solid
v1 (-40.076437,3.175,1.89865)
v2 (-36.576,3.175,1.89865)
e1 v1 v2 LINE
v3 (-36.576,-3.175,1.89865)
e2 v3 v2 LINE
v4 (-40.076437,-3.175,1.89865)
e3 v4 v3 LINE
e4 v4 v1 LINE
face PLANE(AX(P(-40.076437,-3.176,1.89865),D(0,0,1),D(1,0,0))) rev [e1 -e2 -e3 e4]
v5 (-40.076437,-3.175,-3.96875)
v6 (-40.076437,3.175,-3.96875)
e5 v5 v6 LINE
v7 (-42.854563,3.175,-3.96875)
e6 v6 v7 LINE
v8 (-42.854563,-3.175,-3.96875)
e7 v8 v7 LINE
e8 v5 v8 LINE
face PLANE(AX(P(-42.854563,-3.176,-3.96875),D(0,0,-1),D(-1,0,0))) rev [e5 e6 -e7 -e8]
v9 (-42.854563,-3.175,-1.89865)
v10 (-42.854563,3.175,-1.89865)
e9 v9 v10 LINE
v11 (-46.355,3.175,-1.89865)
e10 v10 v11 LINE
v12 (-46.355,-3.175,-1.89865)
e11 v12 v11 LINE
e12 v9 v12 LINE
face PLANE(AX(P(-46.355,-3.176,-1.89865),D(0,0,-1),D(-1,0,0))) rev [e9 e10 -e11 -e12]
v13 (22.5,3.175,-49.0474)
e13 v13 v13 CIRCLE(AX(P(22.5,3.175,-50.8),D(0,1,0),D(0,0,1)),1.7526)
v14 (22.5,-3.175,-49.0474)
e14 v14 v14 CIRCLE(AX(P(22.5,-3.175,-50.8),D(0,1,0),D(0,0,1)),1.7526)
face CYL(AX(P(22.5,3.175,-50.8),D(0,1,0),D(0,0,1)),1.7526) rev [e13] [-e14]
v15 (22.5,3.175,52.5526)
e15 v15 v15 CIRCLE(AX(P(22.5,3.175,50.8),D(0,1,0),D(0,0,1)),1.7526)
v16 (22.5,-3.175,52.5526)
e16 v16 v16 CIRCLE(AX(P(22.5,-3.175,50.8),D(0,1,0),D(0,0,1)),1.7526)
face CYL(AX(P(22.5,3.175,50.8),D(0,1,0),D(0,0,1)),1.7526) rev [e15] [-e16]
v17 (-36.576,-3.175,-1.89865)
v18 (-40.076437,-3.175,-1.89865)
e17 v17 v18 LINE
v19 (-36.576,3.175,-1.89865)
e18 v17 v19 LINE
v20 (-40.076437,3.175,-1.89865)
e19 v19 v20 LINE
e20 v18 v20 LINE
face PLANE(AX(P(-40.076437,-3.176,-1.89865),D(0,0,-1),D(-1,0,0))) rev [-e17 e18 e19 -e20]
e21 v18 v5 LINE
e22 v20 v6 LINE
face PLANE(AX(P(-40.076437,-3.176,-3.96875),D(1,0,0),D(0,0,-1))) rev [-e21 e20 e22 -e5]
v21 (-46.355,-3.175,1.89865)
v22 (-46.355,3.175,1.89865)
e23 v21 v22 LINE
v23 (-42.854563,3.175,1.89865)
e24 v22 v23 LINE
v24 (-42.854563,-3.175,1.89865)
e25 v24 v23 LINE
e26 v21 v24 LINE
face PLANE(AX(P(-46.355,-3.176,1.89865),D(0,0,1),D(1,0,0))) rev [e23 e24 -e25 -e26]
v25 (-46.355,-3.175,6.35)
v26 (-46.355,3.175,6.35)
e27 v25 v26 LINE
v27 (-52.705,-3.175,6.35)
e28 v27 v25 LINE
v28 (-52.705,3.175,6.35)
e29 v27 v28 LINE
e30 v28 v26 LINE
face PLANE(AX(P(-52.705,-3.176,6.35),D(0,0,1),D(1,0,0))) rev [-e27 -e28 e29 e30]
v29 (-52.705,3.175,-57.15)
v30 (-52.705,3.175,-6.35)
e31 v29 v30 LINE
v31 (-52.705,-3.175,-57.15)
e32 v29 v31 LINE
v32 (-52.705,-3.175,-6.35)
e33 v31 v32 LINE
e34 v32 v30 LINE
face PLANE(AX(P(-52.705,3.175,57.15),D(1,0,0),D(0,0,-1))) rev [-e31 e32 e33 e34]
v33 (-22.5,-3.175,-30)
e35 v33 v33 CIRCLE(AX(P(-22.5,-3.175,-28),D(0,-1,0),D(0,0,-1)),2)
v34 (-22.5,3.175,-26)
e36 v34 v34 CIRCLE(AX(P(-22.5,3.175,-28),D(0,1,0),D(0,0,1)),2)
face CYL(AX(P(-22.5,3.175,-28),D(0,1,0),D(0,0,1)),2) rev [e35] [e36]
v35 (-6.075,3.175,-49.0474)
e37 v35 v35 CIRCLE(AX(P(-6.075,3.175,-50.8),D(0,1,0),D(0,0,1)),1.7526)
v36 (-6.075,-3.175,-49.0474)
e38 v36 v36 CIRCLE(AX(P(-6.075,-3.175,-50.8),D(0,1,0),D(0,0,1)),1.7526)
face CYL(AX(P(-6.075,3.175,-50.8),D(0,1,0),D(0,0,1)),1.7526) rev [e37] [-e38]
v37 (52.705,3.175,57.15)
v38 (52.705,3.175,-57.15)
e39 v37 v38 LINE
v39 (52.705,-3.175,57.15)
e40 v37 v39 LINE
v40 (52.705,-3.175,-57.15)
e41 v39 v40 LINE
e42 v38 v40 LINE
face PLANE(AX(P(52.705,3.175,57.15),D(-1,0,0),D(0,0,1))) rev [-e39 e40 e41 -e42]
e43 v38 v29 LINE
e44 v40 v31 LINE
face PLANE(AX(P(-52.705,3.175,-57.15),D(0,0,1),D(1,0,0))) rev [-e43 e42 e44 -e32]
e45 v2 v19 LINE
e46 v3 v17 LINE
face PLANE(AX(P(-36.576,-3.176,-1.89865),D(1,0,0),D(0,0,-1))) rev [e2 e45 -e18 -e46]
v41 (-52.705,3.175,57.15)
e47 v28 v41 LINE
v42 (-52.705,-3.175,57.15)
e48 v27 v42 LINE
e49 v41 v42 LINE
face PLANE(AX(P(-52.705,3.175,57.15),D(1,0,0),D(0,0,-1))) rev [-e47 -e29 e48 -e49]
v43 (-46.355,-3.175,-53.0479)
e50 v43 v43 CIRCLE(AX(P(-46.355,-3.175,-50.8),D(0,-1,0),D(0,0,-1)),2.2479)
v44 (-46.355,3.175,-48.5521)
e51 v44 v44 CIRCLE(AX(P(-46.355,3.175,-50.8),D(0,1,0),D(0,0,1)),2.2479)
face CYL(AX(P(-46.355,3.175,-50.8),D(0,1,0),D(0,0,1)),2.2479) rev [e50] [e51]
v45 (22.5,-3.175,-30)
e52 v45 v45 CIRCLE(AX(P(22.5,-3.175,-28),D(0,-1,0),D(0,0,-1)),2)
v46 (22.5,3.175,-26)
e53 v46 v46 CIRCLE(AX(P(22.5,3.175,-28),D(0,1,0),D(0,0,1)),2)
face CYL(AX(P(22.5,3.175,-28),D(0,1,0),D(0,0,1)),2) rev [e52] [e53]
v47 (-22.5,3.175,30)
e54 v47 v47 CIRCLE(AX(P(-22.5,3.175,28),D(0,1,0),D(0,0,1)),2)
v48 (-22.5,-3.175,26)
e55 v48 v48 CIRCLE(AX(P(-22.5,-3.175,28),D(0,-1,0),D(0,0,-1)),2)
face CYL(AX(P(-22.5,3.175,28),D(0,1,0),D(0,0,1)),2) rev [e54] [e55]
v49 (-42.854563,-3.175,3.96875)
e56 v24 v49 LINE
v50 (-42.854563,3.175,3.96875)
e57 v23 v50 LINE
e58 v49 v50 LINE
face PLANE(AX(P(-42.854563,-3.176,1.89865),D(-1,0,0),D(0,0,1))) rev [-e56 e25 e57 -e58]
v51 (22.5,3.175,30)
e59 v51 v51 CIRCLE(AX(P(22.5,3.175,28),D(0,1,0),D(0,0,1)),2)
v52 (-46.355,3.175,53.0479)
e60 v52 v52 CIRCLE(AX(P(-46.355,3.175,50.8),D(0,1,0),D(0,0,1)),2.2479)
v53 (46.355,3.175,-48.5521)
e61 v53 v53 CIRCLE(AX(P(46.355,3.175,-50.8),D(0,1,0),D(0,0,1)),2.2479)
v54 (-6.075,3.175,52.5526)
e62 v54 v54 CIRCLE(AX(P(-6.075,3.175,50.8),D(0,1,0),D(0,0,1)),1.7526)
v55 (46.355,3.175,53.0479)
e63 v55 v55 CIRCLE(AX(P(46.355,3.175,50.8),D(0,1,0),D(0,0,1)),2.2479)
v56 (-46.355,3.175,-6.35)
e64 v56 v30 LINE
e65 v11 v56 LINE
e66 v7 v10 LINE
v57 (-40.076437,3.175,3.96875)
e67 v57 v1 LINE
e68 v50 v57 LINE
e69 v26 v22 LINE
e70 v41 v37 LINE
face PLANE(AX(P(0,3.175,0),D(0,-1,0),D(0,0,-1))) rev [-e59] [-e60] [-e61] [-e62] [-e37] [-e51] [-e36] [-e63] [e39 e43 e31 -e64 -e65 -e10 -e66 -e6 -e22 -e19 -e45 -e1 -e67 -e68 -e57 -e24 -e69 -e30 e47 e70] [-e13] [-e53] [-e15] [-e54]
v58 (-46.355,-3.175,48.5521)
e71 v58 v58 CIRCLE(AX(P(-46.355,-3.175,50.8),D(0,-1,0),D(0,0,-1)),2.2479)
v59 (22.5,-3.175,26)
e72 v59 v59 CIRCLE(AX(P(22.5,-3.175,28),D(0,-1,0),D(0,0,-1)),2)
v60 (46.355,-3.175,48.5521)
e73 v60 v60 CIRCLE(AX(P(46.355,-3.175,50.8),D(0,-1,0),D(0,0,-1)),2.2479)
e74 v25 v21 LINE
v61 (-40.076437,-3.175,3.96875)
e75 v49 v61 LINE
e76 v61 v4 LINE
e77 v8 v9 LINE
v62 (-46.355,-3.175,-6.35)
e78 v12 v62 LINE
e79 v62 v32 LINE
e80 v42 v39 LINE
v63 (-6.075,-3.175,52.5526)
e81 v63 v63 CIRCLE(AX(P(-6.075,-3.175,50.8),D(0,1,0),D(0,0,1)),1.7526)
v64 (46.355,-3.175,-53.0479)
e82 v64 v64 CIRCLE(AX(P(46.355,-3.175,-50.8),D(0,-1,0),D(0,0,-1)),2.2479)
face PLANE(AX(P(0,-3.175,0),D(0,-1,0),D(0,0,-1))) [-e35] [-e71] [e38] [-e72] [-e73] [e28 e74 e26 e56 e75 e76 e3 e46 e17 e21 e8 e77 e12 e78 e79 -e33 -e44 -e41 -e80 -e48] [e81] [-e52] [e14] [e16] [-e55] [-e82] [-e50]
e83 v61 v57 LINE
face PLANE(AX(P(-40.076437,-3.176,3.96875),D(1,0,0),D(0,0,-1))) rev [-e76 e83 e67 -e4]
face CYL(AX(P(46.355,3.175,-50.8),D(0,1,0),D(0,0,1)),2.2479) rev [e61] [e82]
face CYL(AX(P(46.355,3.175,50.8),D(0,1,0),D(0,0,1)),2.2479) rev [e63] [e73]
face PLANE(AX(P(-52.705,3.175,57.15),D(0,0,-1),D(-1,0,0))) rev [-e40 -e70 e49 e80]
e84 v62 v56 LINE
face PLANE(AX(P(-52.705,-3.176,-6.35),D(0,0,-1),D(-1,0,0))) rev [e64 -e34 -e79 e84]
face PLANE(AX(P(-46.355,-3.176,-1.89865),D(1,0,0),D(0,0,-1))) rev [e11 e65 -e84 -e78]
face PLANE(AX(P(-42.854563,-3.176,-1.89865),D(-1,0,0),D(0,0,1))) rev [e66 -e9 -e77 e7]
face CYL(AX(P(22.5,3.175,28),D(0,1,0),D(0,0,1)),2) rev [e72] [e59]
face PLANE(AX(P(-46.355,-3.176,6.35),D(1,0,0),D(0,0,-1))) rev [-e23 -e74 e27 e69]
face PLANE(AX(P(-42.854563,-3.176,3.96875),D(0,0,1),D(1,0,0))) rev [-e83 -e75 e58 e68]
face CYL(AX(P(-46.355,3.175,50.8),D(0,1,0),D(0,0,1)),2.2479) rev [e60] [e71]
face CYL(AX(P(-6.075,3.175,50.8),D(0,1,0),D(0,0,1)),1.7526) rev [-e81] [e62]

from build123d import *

# Parameters (mm, degrees)
SKETCH1_W                      = 105.41
SKETCH1_H                      = 114.3
BOSS_EXTRUDE1_DEPTH            = 3.175
F_4_0_4_DIAMETER_HOLE1_D       = 4
LPATTERN1_COUNT                = 2
LPATTERN1_PITCH                = 56
LPATTERN1_COUNT_DIR2           = 2
LPATTERN1_PITCH_DIR2           = 45
F_8_CLEARANCE_HOLE1_D          = 4.4958
MIRROR2_COPY_1_D               = 4.4958
F_6_CLEARANCE_HOLE1_AT_2_COUNT = 2
F_6_CLEARANCE_HOLE1_AT_2_PITCH = 28.575
CUT_EXTRUDE1_REACH             = 80.002


with BuildPart() as part:
    # Sketch1 → Boss-Extrude1 (new, symmetric)
    with BuildSketch(Plane(origin=(0, 0, 0), x_dir=(1, 0, 0), z_dir=(0, 1, 0))):
        Rectangle(SKETCH1_W, SKETCH1_H)
    extrude(amount=BOSS_EXTRUDE1_DEPTH, both=True)

    # Ø4.0 (4) Diameter Hole1 (through all)
    with Locations(Plane(origin=(0, 3.175, 0), x_dir=(1, 0, 0), z_dir=(0, 1, 0))):
        with Locations((22.5, 28)):
            f_4_0_4_diameter_hole1 = Hole(F_4_0_4_DIAMETER_HOLE1_D / 2)

    # LPattern1: 4.0 _4_ Diameter Hole1 2 × 2
    with Locations(*[(-j * LPATTERN1_PITCH_DIR2, 0, i * LPATTERN1_PITCH) for i in range(LPATTERN1_COUNT) for j in range(LPATTERN1_COUNT_DIR2) if (i, j) != (0, 0)]):
        add(f_4_0_4_diameter_hole1, mode=Mode.SUBTRACT)

    # #8 Clearance Hole1 (through all)
    with Locations(Plane(origin=(0, 3.175, 0), x_dir=(1, 0, 0), z_dir=(0, 1, 0))):
        with Locations((-46.355, 50.8)):
            f_8_clearance_hole1 = Hole(F_8_CLEARANCE_HOLE1_D / 2)

    # Mirror1: #8 Clearance Hole1 across plane
    add(f_8_clearance_hole1.mirror(Plane.XY), mode=Mode.SUBTRACT)

    # Mirror2: #8 Clearance Hole1 across plane
    add(f_8_clearance_hole1.mirror(Plane(origin=(0, 0, 0), x_dir=(0, 0, 1), z_dir=(1, 0, 0))), mode=Mode.SUBTRACT)

    # Mirror2 copy 1 (through all)
    with Locations(Plane(origin=(0, 3.175, 0), x_dir=(-1, 0, 0), z_dir=(0, 1, 0))):
        with Locations((-46.355, 50.8)):
            Hole(MIRROR2_COPY_1_D / 2)

    # Sketch6 → #6 Clearance Hole1 (revolve, cut)
    with BuildSketch(Plane(origin=(22.5, 3.175, -50.8), x_dir=(0, 0, 1), z_dir=(1, 0, 0))):
        Polygon((0, 0), (0, 7.403068321), (1.7526, 6.35), (1.7526, 0), align=None)
    f_6_clearance_hole1 = revolve(axis=Axis((22.5, 9.525, -50.8), (0, -1, 0)), mode=Mode.SUBTRACT)

    # #6 Clearance Hole1 at 2: #6 Clearance Hole1 ×2
    with Locations(*[(-i * F_6_CLEARANCE_HOLE1_AT_2_PITCH, 0, 0) for i in range(1, F_6_CLEARANCE_HOLE1_AT_2_COUNT)]):
        add(f_6_clearance_hole1, mode=Mode.SUBTRACT)

    # Sketch8 → Cut-Extrude1 (cut, up to next)
    with BuildSketch(Plane(origin=(0, 3.175, 0), x_dir=(1, 0, 0), z_dir=(0, 1, 0)), mode=Mode.PRIVATE) as cut_extrude1_sk1:
        Polygon((-52.705, -6.35), (-52.705, 6.35), (-46.355, 6.35), (-46.355, 1.89865), (-42.8545625, 1.89865), (-42.8545625, 3.96875), (-40.0764375, 3.96875), (-40.0764375, 1.89865), (-36.576, 1.89865), (-36.576, -1.89865), (-40.0764375, -1.89865), (-40.0764375, -3.96875), (-42.8545625, -3.96875), (-42.8545625, -1.89865), (-46.355, -1.89865), (-46.355, -6.35), align=None)
    cut_extrude1_tool1 = extrude(cut_extrude1_sk1.sketch, amount=-CUT_EXTRUDE1_REACH, mode=Mode.PRIVATE) & part.part
    add(cut_extrude1_tool1.solids().sort_by_distance((-46.496113, 3.175, 0))[0], mode=Mode.SUBTRACT)

    # Mirror3: #6 Clearance Hole1 across plane
    add(f_6_clearance_hole1.mirror(Plane.XY), mode=Mode.SUBTRACT)

    # Mirror3 copy 1 sketch → Mirror3 copy 1 (revolve, cut)
    with BuildSketch(Plane(origin=(-6.075, 3.175, 50.8), x_dir=(0, 0, -1), z_dir=(1, 0, 0))):
        Polygon((0, 0), (0, -7.403068321), (1.7526, -6.35), (1.7526, 0), align=None)
    revolve(axis=Axis((-6.075, 9.525, 50.8), (0, 1, 0)), mode=Mode.SUBTRACT)


solid = part.part
